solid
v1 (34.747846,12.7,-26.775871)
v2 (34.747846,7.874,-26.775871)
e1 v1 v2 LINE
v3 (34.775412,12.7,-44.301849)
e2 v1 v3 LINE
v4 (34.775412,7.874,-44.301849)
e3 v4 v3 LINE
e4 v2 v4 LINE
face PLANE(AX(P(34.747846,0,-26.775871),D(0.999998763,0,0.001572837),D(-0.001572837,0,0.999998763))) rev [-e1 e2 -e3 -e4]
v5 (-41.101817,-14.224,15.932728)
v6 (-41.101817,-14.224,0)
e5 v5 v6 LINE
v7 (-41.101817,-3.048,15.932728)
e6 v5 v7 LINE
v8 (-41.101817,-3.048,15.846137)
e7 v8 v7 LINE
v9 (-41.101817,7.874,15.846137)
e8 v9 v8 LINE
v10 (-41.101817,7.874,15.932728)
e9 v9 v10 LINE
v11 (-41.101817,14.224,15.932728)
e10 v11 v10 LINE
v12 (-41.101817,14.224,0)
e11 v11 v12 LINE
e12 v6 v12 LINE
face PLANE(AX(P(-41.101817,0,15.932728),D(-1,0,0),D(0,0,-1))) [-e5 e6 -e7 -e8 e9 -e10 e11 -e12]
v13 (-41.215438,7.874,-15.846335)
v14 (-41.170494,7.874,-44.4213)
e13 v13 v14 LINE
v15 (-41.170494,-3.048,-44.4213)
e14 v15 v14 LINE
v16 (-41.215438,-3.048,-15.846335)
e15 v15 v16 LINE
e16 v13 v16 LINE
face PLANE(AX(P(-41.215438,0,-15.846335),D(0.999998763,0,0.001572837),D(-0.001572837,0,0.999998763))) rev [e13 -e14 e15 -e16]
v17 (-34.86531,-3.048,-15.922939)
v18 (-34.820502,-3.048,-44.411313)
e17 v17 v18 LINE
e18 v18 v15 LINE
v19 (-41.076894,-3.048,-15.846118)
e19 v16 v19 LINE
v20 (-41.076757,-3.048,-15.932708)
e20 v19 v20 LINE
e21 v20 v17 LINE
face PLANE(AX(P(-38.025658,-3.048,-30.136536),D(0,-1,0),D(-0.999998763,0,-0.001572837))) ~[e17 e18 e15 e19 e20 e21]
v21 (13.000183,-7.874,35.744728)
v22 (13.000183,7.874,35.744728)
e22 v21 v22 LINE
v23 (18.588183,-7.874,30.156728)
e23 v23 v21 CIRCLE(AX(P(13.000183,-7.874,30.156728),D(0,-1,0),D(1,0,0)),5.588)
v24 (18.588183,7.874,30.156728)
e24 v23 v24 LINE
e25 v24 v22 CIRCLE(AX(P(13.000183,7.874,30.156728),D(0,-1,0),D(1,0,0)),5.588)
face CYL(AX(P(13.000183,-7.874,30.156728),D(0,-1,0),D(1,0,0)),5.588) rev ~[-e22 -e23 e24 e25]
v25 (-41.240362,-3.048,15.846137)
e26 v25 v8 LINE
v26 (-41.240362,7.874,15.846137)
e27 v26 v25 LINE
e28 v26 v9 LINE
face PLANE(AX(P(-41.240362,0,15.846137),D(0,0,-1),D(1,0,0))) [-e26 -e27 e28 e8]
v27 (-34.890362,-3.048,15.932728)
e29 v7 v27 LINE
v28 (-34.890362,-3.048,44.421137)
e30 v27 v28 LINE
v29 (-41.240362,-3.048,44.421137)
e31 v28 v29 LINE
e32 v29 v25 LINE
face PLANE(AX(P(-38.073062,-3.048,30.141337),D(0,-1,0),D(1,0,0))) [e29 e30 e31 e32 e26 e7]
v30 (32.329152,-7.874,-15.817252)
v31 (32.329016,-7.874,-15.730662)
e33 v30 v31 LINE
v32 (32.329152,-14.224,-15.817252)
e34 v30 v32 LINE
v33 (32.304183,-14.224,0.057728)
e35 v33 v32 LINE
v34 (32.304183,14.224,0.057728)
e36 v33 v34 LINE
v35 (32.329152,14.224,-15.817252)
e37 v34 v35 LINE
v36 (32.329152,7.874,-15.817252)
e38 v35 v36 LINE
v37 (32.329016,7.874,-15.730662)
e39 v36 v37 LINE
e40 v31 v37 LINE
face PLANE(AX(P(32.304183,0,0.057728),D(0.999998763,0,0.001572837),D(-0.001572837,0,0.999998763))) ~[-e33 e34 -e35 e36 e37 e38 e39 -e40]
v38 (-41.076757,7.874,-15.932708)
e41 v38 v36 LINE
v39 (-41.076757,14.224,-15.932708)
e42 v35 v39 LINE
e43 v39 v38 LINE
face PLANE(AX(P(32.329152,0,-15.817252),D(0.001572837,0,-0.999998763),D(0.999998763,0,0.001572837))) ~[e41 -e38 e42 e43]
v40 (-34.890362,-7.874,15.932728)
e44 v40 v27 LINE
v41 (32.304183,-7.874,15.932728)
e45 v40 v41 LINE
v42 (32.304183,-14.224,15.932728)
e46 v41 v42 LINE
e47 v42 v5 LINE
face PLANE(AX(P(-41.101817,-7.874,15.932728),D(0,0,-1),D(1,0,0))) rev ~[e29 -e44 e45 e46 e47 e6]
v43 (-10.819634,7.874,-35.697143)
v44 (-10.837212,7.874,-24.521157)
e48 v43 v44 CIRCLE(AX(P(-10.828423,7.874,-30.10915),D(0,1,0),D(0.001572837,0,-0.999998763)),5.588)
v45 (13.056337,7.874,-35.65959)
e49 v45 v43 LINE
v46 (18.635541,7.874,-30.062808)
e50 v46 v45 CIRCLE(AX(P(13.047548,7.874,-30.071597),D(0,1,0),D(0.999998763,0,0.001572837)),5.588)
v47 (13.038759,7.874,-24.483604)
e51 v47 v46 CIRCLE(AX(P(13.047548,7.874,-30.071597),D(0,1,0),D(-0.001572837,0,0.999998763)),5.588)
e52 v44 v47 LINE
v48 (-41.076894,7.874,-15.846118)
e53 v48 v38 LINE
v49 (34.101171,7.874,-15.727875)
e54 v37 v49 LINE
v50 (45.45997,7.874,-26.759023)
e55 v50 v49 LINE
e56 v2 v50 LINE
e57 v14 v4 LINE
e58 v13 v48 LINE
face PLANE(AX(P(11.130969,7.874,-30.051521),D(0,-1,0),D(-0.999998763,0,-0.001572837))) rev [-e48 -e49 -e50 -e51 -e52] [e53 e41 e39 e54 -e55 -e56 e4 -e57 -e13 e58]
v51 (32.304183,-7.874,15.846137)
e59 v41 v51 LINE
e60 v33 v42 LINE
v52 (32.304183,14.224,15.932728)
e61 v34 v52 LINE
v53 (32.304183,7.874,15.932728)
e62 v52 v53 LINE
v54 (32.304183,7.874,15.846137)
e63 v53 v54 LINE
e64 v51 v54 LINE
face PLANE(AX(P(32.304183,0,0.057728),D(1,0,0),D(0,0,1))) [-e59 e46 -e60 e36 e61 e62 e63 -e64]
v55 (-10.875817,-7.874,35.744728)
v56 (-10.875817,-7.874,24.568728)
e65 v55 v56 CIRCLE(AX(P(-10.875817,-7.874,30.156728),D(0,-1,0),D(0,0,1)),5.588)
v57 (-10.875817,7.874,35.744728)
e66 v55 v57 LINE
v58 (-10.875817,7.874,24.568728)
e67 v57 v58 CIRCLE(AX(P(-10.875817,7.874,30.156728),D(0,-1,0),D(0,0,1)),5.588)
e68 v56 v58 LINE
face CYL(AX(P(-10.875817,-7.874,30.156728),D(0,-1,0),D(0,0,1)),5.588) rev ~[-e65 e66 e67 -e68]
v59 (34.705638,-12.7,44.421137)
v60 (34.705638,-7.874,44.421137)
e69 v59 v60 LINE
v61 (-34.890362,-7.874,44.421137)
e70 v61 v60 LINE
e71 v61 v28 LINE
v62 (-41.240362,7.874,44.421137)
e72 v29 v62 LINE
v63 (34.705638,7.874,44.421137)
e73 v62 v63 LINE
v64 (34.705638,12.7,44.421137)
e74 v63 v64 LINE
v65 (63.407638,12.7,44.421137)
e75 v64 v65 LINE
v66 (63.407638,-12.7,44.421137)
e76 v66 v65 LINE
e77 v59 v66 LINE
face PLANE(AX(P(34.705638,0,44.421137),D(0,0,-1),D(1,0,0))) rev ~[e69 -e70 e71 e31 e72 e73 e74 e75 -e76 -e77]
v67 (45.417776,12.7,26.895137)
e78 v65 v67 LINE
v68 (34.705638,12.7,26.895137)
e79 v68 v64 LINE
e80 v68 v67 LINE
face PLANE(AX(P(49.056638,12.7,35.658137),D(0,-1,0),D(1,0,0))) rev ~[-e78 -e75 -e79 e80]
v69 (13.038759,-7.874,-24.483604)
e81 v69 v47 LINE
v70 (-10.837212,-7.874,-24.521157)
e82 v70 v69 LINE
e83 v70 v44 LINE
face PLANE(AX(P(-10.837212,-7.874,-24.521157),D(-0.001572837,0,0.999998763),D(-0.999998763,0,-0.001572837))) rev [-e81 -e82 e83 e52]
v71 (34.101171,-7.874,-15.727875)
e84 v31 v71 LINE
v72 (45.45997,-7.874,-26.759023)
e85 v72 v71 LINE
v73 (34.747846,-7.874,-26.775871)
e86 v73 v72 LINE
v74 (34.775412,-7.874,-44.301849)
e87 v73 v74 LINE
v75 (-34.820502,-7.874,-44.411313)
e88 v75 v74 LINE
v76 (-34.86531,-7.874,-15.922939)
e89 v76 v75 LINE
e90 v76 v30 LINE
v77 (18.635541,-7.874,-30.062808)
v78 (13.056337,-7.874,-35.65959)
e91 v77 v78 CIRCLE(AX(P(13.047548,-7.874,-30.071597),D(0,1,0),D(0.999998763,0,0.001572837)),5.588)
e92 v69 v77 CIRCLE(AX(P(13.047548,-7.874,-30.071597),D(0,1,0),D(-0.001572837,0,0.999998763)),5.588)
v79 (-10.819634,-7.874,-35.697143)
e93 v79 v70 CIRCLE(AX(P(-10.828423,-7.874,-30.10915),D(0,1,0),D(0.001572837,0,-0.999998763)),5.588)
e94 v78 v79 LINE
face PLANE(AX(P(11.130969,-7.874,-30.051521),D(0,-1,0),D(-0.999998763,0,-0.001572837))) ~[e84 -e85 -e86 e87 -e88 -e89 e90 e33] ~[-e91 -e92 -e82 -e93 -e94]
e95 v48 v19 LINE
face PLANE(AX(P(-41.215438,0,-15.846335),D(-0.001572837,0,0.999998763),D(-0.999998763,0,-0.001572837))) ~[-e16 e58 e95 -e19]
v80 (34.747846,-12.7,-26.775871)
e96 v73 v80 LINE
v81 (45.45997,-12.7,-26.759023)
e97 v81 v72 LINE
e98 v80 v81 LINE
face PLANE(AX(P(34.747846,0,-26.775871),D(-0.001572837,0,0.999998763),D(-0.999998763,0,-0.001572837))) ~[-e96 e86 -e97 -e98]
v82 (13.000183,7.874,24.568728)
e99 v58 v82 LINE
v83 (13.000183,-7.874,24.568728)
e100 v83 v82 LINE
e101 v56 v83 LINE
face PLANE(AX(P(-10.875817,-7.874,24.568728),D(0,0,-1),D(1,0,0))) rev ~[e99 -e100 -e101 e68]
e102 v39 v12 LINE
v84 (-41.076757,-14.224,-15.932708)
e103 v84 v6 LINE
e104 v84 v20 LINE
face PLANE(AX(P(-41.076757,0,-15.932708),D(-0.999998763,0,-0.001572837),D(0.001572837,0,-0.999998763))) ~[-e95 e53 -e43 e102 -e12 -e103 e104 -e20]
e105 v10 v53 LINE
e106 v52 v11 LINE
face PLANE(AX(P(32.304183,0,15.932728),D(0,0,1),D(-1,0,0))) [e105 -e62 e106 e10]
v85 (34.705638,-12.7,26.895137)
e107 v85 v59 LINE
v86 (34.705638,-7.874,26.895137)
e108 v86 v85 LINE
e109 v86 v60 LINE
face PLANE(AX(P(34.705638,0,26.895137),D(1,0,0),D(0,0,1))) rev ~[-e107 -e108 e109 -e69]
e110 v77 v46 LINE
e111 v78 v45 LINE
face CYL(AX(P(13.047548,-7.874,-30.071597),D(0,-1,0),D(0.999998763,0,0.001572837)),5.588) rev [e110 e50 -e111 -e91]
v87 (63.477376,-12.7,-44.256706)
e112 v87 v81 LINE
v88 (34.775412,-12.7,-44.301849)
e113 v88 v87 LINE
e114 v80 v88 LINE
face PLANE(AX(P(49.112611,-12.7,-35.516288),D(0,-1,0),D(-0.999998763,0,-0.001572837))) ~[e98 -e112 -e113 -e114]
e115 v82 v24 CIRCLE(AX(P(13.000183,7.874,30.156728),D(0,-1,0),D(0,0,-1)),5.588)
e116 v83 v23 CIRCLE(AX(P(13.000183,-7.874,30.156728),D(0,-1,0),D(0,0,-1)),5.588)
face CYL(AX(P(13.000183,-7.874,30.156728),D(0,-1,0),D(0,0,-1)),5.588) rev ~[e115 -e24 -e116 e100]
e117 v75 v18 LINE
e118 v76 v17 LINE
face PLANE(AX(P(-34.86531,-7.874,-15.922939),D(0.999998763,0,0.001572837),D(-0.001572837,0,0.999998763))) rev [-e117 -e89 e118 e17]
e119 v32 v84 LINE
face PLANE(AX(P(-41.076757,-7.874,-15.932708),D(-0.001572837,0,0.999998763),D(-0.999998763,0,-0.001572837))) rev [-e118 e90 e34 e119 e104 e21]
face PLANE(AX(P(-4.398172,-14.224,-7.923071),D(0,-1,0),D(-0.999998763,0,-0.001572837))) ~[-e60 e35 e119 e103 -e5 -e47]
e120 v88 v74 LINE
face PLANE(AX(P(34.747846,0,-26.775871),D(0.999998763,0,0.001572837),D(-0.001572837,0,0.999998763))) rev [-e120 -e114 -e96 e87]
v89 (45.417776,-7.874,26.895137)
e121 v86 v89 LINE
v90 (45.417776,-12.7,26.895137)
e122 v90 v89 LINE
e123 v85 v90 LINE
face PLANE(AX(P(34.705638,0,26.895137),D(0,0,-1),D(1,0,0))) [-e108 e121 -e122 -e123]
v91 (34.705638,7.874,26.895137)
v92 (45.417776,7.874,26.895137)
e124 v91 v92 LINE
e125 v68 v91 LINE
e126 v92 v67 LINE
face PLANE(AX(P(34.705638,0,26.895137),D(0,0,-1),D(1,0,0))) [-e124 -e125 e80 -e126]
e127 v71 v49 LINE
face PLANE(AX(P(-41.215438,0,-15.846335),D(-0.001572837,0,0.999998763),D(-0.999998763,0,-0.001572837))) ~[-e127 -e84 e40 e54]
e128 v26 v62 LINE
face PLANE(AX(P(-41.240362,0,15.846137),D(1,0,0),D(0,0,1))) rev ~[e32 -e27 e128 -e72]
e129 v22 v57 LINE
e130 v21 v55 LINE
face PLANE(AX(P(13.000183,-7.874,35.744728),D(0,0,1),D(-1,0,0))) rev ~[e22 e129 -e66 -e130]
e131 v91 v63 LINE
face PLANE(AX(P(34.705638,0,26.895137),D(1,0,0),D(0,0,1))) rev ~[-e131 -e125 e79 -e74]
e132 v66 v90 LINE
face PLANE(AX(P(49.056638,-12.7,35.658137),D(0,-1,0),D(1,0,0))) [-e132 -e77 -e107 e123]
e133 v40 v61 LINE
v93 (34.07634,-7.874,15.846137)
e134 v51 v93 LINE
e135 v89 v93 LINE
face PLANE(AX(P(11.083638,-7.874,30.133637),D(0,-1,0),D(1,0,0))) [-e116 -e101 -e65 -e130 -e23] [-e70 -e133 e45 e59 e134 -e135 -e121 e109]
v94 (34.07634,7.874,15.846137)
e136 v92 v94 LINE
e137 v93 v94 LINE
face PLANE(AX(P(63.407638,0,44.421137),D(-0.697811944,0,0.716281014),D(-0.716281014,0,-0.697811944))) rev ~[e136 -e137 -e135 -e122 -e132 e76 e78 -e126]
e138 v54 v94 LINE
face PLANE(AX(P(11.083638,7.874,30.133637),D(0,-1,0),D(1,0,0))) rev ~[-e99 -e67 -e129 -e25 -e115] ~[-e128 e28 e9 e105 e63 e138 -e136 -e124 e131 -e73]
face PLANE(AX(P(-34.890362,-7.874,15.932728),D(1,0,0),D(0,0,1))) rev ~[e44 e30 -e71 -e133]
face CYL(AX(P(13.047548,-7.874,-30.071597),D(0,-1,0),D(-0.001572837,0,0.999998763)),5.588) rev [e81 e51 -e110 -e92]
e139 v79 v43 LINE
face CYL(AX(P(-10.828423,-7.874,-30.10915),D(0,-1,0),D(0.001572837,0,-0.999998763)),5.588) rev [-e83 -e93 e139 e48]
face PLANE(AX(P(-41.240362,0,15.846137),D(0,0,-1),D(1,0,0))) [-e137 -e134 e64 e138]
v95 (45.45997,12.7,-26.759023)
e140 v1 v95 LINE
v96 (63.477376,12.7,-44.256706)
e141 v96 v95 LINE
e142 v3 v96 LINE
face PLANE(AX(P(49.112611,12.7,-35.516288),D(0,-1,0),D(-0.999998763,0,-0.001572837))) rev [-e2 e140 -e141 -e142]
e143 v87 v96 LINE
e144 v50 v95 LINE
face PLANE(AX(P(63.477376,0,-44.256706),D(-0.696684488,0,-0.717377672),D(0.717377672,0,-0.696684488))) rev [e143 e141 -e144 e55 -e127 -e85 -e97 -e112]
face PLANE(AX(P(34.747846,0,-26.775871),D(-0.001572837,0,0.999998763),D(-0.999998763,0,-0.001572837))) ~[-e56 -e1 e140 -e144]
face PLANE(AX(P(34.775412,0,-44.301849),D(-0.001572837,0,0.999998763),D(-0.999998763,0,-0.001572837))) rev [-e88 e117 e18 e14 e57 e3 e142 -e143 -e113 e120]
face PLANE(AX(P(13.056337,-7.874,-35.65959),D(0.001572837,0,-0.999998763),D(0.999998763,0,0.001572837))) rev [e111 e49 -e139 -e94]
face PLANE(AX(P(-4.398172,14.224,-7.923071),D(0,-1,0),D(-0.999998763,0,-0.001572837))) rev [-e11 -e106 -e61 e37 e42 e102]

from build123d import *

# Parameters (mm, degrees)
F1_DEPTH  = 14.224
F2_W      = 104.648
F2_H      = 28.575
F3_DEPTH  = 7.874
F5_DEPTH  = 4.826
F6_W      = 28.702
F6_H      = 17.526
F7_DEPTH  = 12.7
F9_DEPTH  = 12.7
F11_DEPTH = 25.4


with BuildPart() as f1:
    # F0 (on Front) → F1 (new body, symmetric)
    with BuildSketch(Plane.XZ):
        Polygon((32.3041829584, 0.0577278724), (32.3041829584, 15.9327278724), (-41.1018170416, 15.9327278724), (-41.1018170416, 0), align=None)
    extrude(amount=F1_DEPTH, both=True)

    # F2 (on Front) → F3 (join, symmetric)
    with BuildSketch(Plane.XZ):
        with Locations((11.0836382955, 30.133637134)):
            Rectangle(F2_W, F2_H)
    extrude(amount=F3_DEPTH, both=True)

    # F4 (on face) → F5 (cut)
    with BuildSketch(Plane.XZ.offset(7.874)):
        Polygon((-34.8903617045, 44.421137134), (-41.2403617045, 44.421137134), (-41.2403617045, 15.846137134), (-41.1018170416, 15.846137134), (-41.1018170416, 15.9327278724), (-34.8903617045, 15.9327278724), align=None)
    extrude(amount=-F5_DEPTH, mode=Mode.SUBTRACT)

    # F6 (on Front) → F7 (join, symmetric)
    with BuildSketch(Plane.XZ):
        with Locations((49.0566382955, 35.658137134)):
            Rectangle(F6_W, F6_H)
    extrude(amount=F7_DEPTH, both=True)

    # F8 (on Front) → F9 (cut, symmetric)
    with BuildSketch(Plane.XZ):
        Polygon((63.4076382955, 44.421137134), (34.0538099408, 15.824187547), (63.4076382955, 15.846137134), align=None)
    extrude(amount=F9_DEPTH, both=True, mode=Mode.SUBTRACT)

    # F10 (on face) → F11 (cut)
    with BuildSketch(Plane.XZ.offset(7.874)):
        with BuildLine():
            ThreePointArc((13.0001829584, 35.7447278724), (7.4121829584, 30.1567278724), (13.0001829584, 24.5687278724))
            ThreePointArc((13.0001829584, 24.5687278724), (16.9514956516, 26.2054151791), (18.5881829584, 30.1567278724))
            ThreePointArc((18.5881829584, 30.1567278724), (16.9514956516, 34.1080405657), (13.0001829584, 35.7447278724))
        make_face()
        with BuildLine():
            ThreePointArc((-10.8758170416, 35.7447278724), (-16.4638170416, 30.1567278724), (-10.8758170416, 24.5687278724))
            ThreePointArc((-10.8758170416, 24.5687278724), (-6.9245043484, 26.2054151791), (-5.2878170416, 30.1567278724))
            ThreePointArc((-5.2878170416, 30.1567278724), (-6.9245043484, 34.1080405657), (-10.8758170416, 35.7447278724))
        make_face()
        with BuildLine():
            ThreePointArc((-5.2878170416, 30.1567278724), (-6.9245043484, 26.2054151791), (-10.8758170416, 24.5687278724))
            Line((-10.8758170416, 24.5687278724), (13.0001829584, 24.5687278724))
            ThreePointArc((13.0001829584, 24.5687278724), (7.4121829584, 30.1567278724), (13.0001829584, 35.7447278724))
            Line((13.0001829584, 35.7447278724), (-10.8758170416, 35.7447278724))
            ThreePointArc((-10.8758170416, 35.7447278724), (-6.9245043484, 34.1080405657), (-5.2878170416, 30.1567278724))
        make_face()
    extrude(amount=-F11_DEPTH, mode=Mode.SUBTRACT)

    # F12: F1 across face


with BuildPart() as f1_1:
    add(f1.part)
    add(f1.part.mirror(Plane(origin=(-4.3988170416, 0, 0.0288639362), x_dir=(1, 0, 0), z_dir=(0.0007864187, 0, -0.9999996908))))


solid = f1_1.part
